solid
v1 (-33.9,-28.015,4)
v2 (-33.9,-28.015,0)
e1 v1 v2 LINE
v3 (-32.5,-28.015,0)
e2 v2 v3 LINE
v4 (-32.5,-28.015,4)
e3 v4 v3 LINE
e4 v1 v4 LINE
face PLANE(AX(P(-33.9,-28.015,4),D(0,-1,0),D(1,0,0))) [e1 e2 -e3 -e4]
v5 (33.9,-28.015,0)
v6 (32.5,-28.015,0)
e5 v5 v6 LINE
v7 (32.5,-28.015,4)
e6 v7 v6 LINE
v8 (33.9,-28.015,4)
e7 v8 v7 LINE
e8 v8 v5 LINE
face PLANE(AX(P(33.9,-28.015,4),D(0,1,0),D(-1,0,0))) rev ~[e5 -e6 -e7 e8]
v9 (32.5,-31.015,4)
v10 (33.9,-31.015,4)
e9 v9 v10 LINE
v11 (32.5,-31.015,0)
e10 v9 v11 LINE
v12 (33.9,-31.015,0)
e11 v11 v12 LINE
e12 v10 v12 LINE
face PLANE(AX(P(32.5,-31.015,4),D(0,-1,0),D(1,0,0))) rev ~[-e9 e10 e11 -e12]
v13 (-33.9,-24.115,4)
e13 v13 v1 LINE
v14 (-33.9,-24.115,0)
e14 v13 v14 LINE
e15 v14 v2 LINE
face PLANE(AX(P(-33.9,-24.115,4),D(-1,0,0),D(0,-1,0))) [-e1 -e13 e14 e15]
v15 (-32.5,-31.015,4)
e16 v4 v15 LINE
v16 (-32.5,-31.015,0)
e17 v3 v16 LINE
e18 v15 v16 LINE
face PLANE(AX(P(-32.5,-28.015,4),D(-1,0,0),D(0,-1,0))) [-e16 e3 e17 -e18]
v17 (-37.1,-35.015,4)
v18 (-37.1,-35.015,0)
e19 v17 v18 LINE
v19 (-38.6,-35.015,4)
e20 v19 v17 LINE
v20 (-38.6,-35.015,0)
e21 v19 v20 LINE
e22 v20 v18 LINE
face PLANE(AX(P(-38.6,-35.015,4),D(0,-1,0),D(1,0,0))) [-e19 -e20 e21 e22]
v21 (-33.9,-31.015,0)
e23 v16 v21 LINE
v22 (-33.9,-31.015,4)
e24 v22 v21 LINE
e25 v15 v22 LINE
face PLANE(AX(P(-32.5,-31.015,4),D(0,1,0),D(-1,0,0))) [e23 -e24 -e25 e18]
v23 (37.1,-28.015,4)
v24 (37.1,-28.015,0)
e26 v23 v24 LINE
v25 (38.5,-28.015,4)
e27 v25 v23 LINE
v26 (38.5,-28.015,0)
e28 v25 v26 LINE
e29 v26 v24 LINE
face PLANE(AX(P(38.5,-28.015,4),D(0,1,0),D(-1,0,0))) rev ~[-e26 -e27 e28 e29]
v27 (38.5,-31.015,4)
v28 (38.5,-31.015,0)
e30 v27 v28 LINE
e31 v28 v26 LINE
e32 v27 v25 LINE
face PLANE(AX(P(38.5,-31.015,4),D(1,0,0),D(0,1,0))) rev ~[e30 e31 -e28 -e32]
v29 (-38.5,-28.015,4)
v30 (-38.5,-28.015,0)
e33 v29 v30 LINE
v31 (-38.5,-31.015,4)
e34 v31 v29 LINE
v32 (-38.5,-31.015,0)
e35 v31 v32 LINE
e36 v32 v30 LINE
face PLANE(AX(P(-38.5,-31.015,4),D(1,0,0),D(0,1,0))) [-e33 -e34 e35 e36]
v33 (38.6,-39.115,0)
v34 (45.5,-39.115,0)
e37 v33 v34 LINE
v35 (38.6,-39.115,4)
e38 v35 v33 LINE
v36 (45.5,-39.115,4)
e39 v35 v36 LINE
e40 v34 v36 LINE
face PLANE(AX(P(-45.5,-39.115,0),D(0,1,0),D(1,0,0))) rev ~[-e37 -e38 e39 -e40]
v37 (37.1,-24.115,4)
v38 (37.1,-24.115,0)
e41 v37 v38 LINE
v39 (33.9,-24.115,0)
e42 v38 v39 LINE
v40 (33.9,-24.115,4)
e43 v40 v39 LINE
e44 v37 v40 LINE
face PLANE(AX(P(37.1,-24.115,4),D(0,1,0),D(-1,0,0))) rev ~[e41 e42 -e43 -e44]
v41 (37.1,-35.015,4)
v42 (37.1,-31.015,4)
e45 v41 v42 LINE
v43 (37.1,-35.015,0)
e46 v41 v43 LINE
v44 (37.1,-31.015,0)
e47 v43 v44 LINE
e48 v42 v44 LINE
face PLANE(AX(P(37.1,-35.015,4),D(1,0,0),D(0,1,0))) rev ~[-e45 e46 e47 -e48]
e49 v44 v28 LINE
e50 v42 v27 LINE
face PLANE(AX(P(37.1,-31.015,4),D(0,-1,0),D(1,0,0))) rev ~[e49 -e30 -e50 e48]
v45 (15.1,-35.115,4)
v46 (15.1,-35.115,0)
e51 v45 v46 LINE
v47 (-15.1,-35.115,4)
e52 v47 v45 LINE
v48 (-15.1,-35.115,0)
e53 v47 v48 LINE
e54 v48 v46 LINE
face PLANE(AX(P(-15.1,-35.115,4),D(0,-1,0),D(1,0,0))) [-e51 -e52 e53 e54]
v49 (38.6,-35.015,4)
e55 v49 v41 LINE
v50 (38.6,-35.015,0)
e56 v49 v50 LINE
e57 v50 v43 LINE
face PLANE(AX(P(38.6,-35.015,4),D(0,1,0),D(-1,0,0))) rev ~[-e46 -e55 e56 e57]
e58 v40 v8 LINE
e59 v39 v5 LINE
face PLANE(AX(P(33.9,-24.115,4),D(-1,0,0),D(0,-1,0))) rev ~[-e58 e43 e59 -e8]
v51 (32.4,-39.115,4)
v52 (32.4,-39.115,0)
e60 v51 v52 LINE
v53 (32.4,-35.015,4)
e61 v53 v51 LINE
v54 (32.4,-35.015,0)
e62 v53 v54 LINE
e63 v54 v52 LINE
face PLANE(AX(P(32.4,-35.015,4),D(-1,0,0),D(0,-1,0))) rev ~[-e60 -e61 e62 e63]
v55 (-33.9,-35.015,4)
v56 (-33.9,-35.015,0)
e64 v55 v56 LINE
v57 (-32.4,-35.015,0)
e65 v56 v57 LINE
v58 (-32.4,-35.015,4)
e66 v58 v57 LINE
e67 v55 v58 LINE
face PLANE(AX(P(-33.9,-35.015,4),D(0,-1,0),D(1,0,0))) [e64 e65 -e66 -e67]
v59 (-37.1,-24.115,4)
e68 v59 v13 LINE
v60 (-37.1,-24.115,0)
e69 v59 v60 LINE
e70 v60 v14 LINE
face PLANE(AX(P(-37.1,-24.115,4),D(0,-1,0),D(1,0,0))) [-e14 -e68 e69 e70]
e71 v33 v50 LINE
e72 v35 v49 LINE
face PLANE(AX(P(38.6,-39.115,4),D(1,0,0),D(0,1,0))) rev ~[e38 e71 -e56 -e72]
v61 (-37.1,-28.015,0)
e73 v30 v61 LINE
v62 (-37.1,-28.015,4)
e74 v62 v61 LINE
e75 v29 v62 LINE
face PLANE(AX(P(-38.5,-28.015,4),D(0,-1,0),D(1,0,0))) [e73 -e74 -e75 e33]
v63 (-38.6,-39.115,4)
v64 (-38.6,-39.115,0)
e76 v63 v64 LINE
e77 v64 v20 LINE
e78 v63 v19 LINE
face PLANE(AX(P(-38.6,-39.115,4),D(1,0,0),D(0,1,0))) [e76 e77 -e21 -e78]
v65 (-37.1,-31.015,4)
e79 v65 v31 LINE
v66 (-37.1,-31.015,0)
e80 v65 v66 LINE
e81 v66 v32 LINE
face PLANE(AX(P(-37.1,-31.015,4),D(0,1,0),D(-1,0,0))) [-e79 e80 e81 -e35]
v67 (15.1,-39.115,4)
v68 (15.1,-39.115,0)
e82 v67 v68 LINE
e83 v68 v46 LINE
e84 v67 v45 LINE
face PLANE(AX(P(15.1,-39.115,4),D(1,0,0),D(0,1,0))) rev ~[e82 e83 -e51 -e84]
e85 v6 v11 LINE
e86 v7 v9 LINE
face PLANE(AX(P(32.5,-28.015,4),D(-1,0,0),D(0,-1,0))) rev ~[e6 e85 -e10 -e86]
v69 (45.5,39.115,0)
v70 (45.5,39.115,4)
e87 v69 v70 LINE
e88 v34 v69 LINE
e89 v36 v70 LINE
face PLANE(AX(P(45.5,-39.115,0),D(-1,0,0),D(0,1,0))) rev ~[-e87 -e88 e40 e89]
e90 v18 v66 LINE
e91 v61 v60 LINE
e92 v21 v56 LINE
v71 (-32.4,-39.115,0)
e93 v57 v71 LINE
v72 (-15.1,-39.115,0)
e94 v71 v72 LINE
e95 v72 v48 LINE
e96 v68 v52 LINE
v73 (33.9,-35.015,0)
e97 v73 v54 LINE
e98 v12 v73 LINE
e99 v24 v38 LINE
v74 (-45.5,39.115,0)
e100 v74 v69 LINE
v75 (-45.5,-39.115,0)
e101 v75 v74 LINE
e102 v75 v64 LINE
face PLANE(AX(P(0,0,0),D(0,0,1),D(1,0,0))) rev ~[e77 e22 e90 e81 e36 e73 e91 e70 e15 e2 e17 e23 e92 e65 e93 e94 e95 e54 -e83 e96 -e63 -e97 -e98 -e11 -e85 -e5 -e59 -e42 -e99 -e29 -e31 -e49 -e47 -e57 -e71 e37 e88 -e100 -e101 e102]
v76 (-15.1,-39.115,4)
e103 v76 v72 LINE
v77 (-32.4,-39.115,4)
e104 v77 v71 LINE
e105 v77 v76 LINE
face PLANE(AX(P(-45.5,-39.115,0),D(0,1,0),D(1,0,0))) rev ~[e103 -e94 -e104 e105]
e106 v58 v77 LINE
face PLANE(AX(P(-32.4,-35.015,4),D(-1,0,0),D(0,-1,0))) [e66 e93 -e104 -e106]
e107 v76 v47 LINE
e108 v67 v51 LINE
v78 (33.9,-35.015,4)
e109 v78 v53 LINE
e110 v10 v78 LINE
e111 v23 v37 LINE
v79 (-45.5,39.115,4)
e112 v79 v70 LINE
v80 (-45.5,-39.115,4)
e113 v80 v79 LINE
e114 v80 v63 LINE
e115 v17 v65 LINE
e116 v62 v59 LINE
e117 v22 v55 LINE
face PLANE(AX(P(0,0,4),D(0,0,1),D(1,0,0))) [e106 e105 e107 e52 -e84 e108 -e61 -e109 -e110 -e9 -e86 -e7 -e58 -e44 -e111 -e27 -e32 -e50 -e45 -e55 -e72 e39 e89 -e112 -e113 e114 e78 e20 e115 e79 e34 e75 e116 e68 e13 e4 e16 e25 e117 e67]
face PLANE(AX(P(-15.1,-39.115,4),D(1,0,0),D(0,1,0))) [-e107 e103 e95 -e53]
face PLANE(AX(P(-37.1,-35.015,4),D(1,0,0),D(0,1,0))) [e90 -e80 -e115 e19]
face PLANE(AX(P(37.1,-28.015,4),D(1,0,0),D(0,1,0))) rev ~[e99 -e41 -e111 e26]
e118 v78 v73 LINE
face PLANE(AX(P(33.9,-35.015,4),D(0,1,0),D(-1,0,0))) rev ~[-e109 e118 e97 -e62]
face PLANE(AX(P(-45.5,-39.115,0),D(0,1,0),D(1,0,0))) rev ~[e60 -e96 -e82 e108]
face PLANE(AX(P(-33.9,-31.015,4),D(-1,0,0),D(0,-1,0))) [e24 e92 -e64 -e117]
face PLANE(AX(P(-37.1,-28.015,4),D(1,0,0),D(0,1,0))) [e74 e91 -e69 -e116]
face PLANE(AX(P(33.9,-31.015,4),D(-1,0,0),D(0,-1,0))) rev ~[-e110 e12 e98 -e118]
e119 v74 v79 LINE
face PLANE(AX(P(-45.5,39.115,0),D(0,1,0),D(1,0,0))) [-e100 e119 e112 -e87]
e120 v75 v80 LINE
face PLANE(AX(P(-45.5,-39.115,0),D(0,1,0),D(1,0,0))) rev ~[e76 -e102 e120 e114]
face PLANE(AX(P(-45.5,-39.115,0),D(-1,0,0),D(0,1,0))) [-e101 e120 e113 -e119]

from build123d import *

# Parameters (mm, degrees)
SKETCH1_W           = 91
SKETCH1_H           = 78.23
BOSS_EXTRUDE1_DEPTH = 4
CUT_EXTRUDE2_DEPTH  = 61.135124719
SKETCH3_W           = 30.2
SKETCH3_H           = 4
CUT_EXTRUDE3_DEPTH  = 4


with BuildPart() as part:
    # Sketch1 → Boss-Extrude1 (new body)
    with BuildSketch(Plane.XY):
        Rectangle(SKETCH1_W, SKETCH1_H)
    extrude(amount=BOSS_EXTRUDE1_DEPTH)

    # Sketch2 → Cut-Extrude2 (cut, through all)
    with BuildSketch(Plane.XY.offset(4)):
        Polygon((38.6, -39.115), (38.6, -35.015), (37.1, -35.015), (37.1, -31.015), (38.5, -31.015), (38.5, -28.015), (37.1, -28.015), (37.1, -24.115), (33.9, -24.115), (33.9, -28.015), (32.5, -28.015), (32.5, -31.015), (33.9, -31.015), (33.9, -35.015), (32.4, -35.015), (32.4, -39.115), align=None)
        Polygon((-32.4, -39.115), (-38.6, -39.115), (-38.6, -35.015), (-37.1, -35.015), (-37.1, -31.015), (-38.5, -31.015), (-38.5, -28.015), (-37.1, -28.015), (-37.1, -24.115), (-33.9, -24.115), (-33.9, -28.015), (-32.5, -28.015), (-32.5, -31.015), (-33.9, -31.015), (-33.9, -35.015), (-32.4, -35.015), align=None)
    extrude(amount=-CUT_EXTRUDE2_DEPTH, mode=Mode.SUBTRACT)

    # Sketch3 → Cut-Extrude3 (cut)
    with BuildSketch(Plane.XY.offset(4)):
        with Locations((0, -37.115)):
            Rectangle(SKETCH3_W, SKETCH3_H)
    extrude(amount=-CUT_EXTRUDE3_DEPTH, mode=Mode.SUBTRACT)


solid = part.part
